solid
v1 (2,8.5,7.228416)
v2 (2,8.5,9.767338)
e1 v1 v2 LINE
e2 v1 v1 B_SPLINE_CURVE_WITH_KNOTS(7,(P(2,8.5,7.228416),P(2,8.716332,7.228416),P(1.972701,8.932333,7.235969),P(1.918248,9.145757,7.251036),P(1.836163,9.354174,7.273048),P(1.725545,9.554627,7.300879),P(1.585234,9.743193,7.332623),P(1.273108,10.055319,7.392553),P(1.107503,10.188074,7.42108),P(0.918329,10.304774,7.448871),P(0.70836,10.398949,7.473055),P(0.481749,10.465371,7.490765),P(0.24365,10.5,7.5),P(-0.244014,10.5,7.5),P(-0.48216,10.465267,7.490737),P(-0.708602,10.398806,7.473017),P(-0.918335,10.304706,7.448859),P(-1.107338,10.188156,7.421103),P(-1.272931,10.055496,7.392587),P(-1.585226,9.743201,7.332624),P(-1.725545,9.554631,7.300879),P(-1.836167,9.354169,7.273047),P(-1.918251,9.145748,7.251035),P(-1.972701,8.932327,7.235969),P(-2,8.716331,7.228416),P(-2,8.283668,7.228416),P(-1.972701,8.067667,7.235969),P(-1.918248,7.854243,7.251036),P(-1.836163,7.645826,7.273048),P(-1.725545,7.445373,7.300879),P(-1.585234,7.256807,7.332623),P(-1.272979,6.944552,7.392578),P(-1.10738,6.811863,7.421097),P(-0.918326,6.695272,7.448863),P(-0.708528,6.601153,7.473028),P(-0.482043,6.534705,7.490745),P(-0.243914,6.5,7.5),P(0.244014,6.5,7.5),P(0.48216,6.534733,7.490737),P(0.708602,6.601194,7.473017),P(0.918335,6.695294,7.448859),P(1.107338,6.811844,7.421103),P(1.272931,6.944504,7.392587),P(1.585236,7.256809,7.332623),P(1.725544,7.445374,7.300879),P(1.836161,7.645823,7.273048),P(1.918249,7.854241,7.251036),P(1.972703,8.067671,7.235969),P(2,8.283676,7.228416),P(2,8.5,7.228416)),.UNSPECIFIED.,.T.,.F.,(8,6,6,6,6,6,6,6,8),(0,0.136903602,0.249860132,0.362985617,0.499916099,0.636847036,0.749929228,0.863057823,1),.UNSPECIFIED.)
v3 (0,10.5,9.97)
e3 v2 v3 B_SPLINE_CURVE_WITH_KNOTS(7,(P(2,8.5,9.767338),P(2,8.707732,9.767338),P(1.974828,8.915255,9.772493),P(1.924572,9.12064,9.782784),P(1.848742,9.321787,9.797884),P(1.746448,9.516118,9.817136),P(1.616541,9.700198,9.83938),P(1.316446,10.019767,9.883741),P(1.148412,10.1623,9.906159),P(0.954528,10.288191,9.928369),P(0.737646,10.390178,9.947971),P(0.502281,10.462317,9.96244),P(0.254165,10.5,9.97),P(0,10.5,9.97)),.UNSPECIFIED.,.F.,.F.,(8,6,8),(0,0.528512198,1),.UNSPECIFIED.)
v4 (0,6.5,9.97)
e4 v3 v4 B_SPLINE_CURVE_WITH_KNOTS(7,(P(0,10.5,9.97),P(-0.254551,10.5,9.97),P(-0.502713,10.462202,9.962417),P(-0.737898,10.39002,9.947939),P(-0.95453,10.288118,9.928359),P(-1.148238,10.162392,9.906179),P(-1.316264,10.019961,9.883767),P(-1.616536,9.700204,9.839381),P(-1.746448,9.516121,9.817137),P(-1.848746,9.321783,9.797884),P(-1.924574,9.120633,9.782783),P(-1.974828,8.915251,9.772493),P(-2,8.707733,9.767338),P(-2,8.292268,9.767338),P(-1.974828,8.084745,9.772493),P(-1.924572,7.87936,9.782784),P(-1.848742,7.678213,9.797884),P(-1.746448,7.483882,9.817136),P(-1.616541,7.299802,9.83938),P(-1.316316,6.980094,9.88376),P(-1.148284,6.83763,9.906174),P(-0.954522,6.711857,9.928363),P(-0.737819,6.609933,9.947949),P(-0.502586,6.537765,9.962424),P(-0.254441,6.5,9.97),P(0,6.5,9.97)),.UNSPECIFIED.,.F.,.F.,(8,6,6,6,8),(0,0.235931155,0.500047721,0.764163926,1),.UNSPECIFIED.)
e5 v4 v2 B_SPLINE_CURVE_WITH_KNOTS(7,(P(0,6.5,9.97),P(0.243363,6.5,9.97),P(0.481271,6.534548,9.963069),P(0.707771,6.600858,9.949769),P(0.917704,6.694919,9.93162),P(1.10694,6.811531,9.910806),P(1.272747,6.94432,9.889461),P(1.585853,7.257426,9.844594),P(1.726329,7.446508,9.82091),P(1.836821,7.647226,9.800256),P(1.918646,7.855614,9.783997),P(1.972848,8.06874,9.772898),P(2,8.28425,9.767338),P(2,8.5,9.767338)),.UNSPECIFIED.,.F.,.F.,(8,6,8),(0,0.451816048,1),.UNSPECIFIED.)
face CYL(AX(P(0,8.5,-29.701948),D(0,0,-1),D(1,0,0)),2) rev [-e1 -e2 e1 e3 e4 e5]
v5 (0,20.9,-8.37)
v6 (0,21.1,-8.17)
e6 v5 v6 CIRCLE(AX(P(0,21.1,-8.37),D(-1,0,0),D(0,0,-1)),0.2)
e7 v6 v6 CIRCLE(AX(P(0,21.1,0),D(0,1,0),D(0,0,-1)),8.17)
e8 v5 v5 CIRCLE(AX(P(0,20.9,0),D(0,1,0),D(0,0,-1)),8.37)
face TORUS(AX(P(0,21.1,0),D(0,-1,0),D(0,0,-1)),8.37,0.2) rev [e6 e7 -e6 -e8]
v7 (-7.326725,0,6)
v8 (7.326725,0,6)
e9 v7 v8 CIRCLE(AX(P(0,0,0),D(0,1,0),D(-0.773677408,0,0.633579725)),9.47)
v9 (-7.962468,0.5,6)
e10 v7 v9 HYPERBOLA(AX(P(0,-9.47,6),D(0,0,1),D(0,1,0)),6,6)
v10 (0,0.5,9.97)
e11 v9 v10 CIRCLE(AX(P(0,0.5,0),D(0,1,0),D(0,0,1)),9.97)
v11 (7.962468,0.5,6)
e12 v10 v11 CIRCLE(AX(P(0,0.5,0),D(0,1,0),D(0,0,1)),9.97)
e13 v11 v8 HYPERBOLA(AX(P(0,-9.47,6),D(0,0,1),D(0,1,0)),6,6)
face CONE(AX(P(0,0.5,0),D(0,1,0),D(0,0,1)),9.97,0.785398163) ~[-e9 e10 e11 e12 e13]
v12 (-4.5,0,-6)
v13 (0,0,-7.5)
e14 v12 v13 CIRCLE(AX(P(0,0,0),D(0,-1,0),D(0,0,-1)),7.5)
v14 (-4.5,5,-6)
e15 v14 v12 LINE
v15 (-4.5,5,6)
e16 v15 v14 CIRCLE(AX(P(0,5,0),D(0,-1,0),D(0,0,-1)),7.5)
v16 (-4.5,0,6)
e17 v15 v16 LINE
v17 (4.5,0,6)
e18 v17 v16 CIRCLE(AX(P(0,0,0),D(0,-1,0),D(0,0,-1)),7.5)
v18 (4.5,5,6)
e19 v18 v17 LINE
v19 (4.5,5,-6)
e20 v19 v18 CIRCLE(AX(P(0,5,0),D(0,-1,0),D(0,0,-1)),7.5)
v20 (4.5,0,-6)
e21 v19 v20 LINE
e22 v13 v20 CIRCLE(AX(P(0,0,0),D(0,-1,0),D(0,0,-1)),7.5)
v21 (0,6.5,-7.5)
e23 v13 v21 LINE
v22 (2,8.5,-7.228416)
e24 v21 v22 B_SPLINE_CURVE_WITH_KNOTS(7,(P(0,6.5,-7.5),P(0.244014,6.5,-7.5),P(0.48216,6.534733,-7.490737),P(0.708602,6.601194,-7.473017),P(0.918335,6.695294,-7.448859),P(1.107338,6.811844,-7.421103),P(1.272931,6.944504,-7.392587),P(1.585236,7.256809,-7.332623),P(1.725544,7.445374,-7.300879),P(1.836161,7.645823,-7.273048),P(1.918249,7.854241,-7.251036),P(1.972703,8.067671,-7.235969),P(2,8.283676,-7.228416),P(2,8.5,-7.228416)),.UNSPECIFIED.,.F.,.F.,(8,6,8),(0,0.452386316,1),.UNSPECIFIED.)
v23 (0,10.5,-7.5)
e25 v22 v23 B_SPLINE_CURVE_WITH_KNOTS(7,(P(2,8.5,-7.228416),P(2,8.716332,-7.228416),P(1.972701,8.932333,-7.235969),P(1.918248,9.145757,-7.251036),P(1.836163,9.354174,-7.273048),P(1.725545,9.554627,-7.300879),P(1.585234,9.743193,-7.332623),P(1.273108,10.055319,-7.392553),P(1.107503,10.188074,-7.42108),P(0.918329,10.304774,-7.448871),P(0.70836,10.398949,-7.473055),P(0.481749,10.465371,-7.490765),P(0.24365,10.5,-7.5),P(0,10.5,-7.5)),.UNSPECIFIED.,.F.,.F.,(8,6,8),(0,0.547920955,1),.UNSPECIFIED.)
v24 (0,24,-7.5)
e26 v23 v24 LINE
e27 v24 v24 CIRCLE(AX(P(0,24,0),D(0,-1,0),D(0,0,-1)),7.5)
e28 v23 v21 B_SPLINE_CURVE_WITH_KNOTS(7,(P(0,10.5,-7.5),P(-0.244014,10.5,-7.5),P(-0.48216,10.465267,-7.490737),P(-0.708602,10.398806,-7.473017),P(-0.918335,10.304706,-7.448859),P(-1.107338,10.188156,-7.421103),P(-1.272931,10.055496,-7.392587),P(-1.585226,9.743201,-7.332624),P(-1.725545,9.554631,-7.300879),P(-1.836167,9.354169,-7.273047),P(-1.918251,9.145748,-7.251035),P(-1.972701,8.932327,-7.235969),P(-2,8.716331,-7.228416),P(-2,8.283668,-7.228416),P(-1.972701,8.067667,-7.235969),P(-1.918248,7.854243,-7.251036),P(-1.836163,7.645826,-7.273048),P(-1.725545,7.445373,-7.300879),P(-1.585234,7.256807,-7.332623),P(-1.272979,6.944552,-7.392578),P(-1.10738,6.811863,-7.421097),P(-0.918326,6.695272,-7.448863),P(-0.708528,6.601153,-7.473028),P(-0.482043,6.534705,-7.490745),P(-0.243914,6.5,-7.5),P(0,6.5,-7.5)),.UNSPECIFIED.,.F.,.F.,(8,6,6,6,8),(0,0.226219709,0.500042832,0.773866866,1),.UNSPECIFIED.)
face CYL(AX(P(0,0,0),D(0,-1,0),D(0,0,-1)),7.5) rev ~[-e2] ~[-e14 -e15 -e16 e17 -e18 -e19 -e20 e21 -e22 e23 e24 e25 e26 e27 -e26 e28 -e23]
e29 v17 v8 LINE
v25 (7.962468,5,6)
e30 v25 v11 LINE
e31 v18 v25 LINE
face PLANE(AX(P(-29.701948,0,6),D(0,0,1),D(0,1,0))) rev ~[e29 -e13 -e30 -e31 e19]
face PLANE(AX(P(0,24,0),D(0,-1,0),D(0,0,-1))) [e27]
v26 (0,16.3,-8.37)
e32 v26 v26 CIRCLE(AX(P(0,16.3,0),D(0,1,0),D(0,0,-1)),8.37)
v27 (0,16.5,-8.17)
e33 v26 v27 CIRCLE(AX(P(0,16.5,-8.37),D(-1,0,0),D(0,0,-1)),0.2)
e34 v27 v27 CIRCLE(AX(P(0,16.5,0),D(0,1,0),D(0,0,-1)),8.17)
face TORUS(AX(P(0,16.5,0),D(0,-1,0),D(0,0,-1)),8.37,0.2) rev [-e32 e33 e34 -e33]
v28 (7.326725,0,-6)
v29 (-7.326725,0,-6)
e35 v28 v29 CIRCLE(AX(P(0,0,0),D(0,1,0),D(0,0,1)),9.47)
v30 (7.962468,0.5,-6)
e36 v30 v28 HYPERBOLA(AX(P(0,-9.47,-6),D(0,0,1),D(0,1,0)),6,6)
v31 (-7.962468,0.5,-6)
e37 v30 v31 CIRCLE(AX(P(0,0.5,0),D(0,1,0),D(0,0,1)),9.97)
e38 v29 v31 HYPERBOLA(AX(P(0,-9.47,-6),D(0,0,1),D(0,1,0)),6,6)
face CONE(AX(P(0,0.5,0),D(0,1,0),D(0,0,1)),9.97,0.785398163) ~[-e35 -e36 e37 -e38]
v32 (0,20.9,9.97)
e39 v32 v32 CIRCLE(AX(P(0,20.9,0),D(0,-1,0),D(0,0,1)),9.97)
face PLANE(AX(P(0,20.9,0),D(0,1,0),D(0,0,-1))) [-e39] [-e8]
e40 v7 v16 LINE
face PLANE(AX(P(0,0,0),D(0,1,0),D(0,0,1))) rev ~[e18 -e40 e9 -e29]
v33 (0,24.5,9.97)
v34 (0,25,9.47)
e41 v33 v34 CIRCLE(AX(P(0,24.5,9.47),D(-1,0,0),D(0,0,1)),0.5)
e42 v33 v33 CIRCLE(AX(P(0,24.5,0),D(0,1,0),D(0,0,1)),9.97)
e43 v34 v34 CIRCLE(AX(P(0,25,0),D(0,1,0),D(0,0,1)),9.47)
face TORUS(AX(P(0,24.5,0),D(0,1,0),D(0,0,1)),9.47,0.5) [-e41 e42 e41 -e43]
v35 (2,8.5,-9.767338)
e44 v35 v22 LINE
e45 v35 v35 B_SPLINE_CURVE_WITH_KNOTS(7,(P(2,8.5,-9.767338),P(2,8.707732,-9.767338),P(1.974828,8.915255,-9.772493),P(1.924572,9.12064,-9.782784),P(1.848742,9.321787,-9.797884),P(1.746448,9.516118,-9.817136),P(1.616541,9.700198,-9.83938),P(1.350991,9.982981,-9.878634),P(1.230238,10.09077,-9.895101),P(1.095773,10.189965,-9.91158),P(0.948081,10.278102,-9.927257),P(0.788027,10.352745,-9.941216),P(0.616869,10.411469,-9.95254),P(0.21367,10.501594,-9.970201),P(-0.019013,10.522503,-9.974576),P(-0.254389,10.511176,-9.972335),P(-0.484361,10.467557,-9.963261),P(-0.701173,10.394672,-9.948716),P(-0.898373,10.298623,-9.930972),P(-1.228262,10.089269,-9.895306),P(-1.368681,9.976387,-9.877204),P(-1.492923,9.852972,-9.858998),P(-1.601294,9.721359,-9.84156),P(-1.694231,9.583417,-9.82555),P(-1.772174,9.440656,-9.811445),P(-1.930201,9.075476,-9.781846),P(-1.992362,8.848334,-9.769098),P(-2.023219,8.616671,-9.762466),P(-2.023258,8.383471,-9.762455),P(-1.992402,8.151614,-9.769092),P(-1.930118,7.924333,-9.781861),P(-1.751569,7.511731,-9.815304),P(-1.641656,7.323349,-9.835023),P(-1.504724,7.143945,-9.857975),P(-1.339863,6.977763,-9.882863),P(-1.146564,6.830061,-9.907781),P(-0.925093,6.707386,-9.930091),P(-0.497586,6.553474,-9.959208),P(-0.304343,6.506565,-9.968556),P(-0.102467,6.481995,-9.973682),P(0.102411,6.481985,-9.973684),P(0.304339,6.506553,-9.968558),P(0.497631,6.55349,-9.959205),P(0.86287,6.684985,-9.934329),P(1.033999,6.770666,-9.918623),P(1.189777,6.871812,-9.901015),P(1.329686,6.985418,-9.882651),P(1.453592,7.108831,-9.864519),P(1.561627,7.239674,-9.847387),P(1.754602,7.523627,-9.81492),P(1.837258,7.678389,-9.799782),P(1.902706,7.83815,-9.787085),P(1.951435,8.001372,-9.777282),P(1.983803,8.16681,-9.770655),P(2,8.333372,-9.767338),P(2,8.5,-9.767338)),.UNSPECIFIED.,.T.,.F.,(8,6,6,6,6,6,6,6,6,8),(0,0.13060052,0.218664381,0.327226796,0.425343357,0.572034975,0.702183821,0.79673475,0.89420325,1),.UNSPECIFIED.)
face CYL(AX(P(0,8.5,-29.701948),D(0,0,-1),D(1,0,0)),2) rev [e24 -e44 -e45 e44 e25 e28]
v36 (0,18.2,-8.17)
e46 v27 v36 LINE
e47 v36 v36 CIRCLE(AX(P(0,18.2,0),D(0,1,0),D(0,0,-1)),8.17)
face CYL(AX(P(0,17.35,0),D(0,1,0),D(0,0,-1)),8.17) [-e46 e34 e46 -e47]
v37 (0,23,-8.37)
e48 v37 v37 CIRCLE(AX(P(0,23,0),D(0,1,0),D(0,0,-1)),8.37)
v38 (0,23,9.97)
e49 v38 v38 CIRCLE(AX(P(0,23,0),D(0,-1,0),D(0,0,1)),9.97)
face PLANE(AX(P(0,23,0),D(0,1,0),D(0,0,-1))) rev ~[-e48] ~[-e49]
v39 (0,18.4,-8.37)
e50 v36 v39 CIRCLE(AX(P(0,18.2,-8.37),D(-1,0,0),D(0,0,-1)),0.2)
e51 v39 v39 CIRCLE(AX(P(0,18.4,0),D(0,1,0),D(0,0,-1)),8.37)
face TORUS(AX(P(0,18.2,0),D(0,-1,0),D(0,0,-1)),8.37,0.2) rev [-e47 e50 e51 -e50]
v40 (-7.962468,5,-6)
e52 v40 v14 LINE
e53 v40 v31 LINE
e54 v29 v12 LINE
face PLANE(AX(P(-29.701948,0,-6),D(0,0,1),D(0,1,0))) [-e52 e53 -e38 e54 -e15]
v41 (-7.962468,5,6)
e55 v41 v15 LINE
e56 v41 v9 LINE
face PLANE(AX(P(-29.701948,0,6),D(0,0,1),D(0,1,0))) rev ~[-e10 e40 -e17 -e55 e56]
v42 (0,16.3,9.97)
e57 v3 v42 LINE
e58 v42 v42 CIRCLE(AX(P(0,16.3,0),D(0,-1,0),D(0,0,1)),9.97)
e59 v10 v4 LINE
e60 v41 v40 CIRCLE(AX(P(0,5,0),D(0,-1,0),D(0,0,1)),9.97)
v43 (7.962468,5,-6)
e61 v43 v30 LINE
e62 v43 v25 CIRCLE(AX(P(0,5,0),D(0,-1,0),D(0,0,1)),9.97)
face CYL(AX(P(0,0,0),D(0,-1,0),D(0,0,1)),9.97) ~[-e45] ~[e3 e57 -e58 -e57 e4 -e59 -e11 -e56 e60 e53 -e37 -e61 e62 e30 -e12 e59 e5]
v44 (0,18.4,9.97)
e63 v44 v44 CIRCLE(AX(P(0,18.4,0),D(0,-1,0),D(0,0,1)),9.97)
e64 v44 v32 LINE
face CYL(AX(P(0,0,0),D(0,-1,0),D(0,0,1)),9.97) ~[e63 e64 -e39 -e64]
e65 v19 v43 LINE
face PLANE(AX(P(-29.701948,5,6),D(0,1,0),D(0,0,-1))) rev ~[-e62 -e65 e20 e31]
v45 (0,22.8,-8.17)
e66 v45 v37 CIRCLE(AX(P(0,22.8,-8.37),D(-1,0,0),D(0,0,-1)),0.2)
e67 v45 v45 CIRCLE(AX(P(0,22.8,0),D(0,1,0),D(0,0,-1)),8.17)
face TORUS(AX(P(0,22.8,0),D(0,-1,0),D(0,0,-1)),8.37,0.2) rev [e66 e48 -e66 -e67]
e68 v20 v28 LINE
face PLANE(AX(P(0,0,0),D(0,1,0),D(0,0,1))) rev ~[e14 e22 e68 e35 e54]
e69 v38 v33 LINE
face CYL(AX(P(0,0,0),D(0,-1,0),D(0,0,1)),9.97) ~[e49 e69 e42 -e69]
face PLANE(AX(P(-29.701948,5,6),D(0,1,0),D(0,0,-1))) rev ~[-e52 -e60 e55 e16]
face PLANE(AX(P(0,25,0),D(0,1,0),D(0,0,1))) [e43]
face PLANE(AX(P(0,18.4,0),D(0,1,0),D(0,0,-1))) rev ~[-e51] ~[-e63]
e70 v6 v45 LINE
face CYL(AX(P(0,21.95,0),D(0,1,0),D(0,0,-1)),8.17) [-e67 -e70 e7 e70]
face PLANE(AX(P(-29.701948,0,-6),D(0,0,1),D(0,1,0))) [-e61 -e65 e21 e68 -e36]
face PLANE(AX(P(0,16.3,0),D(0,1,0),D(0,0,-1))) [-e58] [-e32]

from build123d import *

# Parameters (mm, degrees)
SKETCH_1_R               = 9.97
EXTRUDE_1_DEPTH          = 25
FILLET_1_R               = 0.5
SKETCH_2_W               = 1.8
SKETCH_2_H               = 2.1
FILLET_2_R               = 0.2
CUT_EXTRUDE_1_DEPTH      = 29.701947669
CUT_EXTRUDE_1_DEPTH_BACK = 29.701947669
SKETCH_4_R               = 2
CHAMFER_1_SIZE           = 0.5
CUT_EXTRUDE_4_DEPTH      = 29.701947739
CUT_EXTRUDE_4_DEPTH_BACK = 29.701947739
SKETCH_7_W               = 12
SKETCH_7_H               = 5
CUT_EXTRUDE_START        = 5
SKETCH_8_R               = 7.5
CUT_EXTRUDE_5_DEPTH      = 24


with BuildPart() as part:
    # 草图1 → 凸台-拉伸1 (new body)
    with BuildSketch(Plane(origin=(0, 0, 0), x_dir=(1, 0, 0), z_dir=(0, 1, 0))):
        Circle(SKETCH_1_R)
    extrude(amount=EXTRUDE_1_DEPTH)

    # 圆角1
    fillet_1_edges = [part.edges().sort_by_distance(p)[0] for p in [
        (-9.97, 25, 0),
    ]]
    fillet(fillet_1_edges, radius=FILLET_1_R)

    # 草图2 → 切除-旋转1 (revolve, cut)
    with BuildSketch(Plane.XY):
        with Locations((-9.07, 21.95)):
            Rectangle(SKETCH_2_W, SKETCH_2_H)
        with Locations((-9.07, 17.35)):
            Rectangle(SKETCH_2_W, SKETCH_2_H)
    revolve(axis=Axis((0, 0, 0), (0, 1, 0)), mode=Mode.SUBTRACT)

    # 圆角2
    fillet_2_edges = [part.edges().sort_by_distance(p)[0] for p in [
        (8.17, 16.3, 0),
        (8.17, 18.4, 0),
        (8.17, 20.9, 0),
        (8.17, 23, 0),
    ]]
    fillet(fillet_2_edges, radius=FILLET_2_R)

    # 草图4 → 切除-拉伸1 (cut, two sides: drawn at the far end of the back side and taken through both)
    with BuildSketch(Plane.XY.offset(-CUT_EXTRUDE_1_DEPTH_BACK)):
        with Locations((0, 8.5)):
            Circle(SKETCH_4_R)
    extrude(amount=CUT_EXTRUDE_1_DEPTH + CUT_EXTRUDE_1_DEPTH_BACK, mode=Mode.SUBTRACT)

    # 倒角1
    chamfer_1_edges = [part.edges().sort_by_distance(p)[0] for p in [
        (-9.97, 0, 0),
    ]]
    chamfer(chamfer_1_edges, length=CHAMFER_1_SIZE)

    # 草图7 → 切除-拉伸4 (cut, two sides: drawn at the far end of the back side and taken through both)
    with BuildSketch(Plane(origin=(0, 0, 0), x_dir=(0, 0, -1), z_dir=(1, 0, 0)).offset(-CUT_EXTRUDE_4_DEPTH_BACK)):
        with Locations((0, 2.5)):
            Rectangle(SKETCH_7_W, SKETCH_7_H)
    extrude(amount=CUT_EXTRUDE_4_DEPTH + CUT_EXTRUDE_4_DEPTH_BACK, mode=Mode.SUBTRACT)

    # 草图8 → 切除-拉伸5 (cut)
    with BuildSketch(Plane.XZ.offset(-5).offset(CUT_EXTRUDE_START)):
        Circle(SKETCH_8_R)
    extrude(amount=-CUT_EXTRUDE_5_DEPTH, mode=Mode.SUBTRACT)


solid = part.part
